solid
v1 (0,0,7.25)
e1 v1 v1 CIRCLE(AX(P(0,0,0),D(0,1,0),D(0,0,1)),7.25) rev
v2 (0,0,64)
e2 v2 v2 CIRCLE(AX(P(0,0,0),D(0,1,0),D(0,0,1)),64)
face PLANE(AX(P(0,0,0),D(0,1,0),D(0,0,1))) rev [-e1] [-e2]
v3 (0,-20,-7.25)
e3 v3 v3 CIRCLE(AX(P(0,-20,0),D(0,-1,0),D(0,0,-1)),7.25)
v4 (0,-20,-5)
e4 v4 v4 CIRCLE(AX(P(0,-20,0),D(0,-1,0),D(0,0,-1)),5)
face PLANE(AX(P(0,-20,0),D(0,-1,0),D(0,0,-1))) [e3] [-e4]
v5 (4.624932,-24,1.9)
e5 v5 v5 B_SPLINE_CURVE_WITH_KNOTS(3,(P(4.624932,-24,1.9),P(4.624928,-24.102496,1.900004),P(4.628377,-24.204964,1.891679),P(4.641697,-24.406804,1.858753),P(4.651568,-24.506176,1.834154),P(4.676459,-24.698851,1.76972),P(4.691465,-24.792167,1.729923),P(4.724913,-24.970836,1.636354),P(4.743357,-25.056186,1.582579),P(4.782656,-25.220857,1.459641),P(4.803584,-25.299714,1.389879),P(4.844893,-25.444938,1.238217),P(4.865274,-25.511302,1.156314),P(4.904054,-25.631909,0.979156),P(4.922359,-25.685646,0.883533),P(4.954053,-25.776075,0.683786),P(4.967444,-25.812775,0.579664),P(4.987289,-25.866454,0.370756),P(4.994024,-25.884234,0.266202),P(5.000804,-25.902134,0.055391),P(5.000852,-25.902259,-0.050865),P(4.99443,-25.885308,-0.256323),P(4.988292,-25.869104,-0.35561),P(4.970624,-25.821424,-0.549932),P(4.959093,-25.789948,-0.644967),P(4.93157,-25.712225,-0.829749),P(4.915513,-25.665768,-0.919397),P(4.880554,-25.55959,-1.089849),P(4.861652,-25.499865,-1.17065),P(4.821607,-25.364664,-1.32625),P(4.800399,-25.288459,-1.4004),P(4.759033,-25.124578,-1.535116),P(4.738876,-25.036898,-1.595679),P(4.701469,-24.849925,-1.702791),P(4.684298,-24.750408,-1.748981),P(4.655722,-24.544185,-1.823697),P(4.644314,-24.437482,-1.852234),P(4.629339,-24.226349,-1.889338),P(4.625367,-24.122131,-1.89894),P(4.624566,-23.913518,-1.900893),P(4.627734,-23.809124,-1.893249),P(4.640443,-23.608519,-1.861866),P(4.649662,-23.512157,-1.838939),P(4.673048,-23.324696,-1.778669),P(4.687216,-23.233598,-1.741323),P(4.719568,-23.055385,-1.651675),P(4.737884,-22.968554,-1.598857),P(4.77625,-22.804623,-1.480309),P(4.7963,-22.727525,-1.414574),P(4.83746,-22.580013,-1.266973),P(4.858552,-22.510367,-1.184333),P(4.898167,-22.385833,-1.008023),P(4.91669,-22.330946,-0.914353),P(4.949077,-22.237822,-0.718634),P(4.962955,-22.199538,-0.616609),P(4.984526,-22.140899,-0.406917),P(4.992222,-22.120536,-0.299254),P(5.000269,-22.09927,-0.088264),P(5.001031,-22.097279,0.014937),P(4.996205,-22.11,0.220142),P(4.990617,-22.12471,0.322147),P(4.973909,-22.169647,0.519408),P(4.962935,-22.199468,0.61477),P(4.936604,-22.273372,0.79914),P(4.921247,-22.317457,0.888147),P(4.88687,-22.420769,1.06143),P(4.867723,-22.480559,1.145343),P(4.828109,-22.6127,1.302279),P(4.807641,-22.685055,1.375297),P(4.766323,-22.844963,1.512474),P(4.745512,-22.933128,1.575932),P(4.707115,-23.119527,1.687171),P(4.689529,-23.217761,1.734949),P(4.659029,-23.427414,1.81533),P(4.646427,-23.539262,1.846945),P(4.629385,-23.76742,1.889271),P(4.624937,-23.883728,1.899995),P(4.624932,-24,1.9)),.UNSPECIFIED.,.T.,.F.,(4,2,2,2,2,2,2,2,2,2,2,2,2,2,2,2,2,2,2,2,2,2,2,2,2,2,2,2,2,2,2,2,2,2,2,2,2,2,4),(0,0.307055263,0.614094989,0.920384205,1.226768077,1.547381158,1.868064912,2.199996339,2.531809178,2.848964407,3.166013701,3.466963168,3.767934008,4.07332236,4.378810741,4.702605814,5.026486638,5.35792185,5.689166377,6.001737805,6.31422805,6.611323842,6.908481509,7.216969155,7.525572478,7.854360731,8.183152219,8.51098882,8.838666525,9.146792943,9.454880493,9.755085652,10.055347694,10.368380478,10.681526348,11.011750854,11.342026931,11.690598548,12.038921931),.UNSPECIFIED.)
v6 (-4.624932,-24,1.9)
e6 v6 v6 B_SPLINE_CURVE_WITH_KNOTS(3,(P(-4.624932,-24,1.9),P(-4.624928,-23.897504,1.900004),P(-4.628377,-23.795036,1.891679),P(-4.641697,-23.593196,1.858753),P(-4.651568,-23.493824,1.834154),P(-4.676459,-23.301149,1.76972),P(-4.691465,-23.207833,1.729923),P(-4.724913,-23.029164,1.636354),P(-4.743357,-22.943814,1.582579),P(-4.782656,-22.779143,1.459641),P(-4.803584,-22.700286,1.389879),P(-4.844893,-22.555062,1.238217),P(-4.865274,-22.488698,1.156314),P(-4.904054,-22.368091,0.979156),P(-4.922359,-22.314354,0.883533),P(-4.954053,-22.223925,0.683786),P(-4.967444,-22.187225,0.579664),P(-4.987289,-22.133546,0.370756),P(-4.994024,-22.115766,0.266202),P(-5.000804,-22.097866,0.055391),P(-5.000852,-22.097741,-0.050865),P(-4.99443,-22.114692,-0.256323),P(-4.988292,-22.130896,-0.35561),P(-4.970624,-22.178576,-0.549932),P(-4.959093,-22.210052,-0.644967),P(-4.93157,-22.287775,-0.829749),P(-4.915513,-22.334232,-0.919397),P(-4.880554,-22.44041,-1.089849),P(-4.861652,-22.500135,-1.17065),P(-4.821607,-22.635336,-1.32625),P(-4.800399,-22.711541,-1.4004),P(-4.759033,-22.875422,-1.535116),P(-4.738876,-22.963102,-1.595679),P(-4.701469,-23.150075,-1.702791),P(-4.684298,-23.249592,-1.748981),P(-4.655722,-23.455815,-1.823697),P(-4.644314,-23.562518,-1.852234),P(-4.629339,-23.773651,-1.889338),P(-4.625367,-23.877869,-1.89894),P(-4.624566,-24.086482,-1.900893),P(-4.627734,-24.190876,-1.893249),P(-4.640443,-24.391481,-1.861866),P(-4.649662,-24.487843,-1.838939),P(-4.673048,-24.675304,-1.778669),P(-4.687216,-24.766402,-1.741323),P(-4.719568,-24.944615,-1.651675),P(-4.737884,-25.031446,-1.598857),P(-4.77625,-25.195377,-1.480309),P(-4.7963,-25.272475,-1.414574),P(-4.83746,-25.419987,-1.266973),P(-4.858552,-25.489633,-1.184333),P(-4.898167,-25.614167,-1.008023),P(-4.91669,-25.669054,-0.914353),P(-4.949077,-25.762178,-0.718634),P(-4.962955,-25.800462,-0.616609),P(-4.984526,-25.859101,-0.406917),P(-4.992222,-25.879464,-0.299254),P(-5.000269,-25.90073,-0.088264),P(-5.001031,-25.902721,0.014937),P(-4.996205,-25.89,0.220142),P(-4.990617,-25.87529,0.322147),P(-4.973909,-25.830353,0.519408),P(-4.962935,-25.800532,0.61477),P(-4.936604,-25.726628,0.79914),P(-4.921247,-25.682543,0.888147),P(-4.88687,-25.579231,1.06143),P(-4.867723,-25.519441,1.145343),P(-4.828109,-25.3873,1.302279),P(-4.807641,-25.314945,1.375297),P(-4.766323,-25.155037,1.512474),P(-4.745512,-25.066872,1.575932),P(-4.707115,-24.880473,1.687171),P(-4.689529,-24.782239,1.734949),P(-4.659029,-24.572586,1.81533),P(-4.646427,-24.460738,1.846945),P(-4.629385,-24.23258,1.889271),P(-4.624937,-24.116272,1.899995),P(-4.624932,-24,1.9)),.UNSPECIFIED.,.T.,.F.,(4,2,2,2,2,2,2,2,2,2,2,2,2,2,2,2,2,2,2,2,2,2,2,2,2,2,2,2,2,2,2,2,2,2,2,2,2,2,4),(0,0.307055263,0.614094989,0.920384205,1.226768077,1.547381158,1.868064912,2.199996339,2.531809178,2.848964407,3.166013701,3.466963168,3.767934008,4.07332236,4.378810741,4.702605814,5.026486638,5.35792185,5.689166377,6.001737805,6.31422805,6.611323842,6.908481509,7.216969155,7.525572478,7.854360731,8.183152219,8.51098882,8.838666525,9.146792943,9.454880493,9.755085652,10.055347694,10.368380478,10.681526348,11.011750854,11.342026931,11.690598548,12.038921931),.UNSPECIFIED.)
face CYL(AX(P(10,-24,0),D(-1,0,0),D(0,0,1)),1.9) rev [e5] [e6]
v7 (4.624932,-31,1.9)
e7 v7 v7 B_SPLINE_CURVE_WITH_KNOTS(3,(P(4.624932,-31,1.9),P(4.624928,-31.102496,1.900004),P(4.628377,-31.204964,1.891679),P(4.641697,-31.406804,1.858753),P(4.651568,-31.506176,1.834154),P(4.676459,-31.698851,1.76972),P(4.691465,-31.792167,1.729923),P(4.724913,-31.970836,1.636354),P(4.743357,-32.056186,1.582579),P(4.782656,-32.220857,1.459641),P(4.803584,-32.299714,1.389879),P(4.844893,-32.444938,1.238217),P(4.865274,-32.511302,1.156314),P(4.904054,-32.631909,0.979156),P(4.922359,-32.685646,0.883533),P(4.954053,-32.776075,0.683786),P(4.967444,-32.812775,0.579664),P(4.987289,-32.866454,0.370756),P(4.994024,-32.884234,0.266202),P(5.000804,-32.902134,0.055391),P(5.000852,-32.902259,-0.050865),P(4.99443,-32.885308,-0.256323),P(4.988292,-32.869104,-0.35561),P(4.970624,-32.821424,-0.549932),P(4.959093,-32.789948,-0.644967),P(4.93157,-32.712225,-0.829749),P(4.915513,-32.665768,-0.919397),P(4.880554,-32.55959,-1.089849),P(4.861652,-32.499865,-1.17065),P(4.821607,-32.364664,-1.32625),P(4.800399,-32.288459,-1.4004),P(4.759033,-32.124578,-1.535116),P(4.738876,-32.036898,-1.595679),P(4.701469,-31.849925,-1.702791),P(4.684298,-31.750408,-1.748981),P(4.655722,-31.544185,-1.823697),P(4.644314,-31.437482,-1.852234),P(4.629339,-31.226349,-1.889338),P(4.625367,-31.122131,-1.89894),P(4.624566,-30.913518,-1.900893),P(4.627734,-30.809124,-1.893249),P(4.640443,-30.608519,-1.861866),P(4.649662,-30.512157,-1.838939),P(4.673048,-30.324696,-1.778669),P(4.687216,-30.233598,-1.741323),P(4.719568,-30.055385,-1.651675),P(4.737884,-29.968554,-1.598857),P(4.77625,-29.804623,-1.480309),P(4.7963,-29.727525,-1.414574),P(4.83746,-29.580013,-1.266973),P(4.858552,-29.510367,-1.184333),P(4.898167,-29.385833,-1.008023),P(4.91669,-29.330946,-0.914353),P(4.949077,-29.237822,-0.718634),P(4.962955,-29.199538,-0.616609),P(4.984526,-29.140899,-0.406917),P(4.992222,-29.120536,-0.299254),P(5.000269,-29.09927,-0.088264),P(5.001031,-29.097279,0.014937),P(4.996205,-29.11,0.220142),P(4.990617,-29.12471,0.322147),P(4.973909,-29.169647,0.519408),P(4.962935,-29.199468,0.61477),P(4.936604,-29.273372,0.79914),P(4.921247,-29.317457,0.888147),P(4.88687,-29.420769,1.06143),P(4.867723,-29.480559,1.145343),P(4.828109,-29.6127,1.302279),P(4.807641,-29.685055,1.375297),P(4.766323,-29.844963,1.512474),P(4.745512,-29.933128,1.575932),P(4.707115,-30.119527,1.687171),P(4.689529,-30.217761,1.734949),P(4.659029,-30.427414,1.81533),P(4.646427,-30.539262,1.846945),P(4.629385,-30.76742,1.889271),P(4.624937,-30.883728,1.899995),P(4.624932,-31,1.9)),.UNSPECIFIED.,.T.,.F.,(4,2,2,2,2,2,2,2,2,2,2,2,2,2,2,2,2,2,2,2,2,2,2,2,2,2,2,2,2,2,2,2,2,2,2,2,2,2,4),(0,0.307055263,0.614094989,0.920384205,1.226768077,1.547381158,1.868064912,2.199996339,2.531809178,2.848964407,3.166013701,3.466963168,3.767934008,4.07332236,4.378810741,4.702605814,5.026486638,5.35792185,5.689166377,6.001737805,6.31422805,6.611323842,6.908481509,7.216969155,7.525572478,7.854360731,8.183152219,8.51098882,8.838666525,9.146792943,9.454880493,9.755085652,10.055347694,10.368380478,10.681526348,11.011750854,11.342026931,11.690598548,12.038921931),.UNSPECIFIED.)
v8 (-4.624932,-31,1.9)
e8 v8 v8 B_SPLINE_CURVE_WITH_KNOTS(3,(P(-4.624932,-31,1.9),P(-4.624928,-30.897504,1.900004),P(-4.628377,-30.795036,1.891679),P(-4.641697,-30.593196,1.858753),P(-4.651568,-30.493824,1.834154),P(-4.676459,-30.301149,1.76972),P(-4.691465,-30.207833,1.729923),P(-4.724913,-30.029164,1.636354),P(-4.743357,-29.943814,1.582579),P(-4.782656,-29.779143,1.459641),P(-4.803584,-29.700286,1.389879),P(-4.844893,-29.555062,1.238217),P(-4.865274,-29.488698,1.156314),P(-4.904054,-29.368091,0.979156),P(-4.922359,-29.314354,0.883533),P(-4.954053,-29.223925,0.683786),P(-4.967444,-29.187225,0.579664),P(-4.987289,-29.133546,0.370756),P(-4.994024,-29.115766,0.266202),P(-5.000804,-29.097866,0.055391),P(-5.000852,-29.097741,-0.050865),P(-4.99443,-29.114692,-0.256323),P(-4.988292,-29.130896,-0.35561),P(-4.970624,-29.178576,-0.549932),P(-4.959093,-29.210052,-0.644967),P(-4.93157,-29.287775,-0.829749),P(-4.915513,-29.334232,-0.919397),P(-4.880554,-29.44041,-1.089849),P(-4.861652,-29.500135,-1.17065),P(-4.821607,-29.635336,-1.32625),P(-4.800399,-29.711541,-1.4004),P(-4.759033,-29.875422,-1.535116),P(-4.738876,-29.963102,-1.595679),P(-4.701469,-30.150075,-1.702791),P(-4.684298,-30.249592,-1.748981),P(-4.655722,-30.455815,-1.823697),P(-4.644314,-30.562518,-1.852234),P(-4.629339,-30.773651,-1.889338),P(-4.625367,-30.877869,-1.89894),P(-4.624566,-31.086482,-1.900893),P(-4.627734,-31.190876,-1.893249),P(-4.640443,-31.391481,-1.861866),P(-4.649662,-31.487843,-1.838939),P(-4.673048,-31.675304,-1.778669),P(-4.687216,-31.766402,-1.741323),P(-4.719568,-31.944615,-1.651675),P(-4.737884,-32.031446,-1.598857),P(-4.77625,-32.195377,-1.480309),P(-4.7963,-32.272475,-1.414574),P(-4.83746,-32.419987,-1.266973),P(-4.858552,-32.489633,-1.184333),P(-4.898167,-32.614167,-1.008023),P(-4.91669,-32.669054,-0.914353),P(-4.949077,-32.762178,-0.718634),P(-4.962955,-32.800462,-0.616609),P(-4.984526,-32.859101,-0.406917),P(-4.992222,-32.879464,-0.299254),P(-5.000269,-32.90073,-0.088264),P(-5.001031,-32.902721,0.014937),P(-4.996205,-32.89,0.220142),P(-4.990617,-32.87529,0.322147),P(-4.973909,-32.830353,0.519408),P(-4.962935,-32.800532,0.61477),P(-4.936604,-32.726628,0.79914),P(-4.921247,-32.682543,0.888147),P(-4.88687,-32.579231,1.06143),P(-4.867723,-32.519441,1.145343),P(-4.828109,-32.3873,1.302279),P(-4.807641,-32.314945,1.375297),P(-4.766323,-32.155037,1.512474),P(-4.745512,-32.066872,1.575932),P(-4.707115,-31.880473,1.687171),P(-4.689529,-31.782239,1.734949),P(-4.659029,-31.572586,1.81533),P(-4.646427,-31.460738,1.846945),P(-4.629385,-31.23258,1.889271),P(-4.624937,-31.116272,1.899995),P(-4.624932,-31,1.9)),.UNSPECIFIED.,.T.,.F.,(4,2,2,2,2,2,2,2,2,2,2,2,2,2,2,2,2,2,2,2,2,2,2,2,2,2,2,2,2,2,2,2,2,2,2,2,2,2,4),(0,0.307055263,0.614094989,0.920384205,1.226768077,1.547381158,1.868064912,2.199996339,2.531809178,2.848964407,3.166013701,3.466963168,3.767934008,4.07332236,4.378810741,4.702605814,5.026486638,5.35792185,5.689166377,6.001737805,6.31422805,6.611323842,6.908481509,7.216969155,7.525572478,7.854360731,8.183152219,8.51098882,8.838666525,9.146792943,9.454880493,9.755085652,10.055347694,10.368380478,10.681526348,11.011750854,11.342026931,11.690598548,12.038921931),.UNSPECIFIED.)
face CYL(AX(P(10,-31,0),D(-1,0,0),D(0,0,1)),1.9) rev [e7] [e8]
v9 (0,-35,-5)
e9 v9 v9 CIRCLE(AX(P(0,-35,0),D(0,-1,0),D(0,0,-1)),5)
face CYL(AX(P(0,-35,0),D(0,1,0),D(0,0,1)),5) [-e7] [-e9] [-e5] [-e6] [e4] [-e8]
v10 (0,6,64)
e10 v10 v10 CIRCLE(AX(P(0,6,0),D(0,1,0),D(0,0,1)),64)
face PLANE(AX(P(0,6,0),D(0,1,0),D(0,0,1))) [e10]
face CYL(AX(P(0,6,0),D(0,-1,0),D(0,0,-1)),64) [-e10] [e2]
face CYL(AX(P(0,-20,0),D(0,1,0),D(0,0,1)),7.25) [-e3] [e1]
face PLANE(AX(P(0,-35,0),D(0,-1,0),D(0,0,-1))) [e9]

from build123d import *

# Parameters (mm, degrees)
SKETCH1_R           = 64
BOSS_EXTRUDE1_DEPTH = 6
SKETCH2_R           = 7.25
BOSS_EXTRUDE2_DEPTH = 20
SKETCH3_R           = 5
BOSS_EXTRUDE3_DEPTH = 15
SKETCH4_R           = 1.9
CUT_EXTRUDE1_DEPTH  = 10


with BuildPart() as part:
    # Sketch1 → Boss-Extrude1 (new body)
    with BuildSketch(Plane(origin=(0, 0, 0), x_dir=(1, 0, 0), z_dir=(0, 1, 0))):
        with Locations(Location((0, 0, 0), (0, 0, 270))):
            Circle(SKETCH1_R)
    extrude(amount=BOSS_EXTRUDE1_DEPTH)

    # Sketch2 → Boss-Extrude2 (add)
    with BuildSketch(Plane.XZ):
        with Locations(Location((0, 0, 0), (0, 0, 90))):
            Circle(SKETCH2_R)
    extrude(amount=BOSS_EXTRUDE2_DEPTH)

    # Sketch3 → Boss-Extrude3 (add)
    with BuildSketch(Plane.XZ.offset(20)):
        with Locations(Location((0, 0, 0), (0, 0, 270))):
            Circle(SKETCH3_R)
    extrude(amount=BOSS_EXTRUDE3_DEPTH)

    # Sketch4 → Cut-Extrude1 (cut, symmetric)
    with BuildSketch(Plane(origin=(0, 0, 0), x_dir=(0, 0, -1), z_dir=(1, 0, 0))):
        with Locations(Location((0, -31, 0), (0, 0, 180))):
            Circle(SKETCH4_R)
        with Locations(Location((0, -24, 0), (0, 0, 180))):
            Circle(SKETCH4_R)
    extrude(amount=CUT_EXTRUDE1_DEPTH, both=True, mode=Mode.SUBTRACT)


solid = part.part
